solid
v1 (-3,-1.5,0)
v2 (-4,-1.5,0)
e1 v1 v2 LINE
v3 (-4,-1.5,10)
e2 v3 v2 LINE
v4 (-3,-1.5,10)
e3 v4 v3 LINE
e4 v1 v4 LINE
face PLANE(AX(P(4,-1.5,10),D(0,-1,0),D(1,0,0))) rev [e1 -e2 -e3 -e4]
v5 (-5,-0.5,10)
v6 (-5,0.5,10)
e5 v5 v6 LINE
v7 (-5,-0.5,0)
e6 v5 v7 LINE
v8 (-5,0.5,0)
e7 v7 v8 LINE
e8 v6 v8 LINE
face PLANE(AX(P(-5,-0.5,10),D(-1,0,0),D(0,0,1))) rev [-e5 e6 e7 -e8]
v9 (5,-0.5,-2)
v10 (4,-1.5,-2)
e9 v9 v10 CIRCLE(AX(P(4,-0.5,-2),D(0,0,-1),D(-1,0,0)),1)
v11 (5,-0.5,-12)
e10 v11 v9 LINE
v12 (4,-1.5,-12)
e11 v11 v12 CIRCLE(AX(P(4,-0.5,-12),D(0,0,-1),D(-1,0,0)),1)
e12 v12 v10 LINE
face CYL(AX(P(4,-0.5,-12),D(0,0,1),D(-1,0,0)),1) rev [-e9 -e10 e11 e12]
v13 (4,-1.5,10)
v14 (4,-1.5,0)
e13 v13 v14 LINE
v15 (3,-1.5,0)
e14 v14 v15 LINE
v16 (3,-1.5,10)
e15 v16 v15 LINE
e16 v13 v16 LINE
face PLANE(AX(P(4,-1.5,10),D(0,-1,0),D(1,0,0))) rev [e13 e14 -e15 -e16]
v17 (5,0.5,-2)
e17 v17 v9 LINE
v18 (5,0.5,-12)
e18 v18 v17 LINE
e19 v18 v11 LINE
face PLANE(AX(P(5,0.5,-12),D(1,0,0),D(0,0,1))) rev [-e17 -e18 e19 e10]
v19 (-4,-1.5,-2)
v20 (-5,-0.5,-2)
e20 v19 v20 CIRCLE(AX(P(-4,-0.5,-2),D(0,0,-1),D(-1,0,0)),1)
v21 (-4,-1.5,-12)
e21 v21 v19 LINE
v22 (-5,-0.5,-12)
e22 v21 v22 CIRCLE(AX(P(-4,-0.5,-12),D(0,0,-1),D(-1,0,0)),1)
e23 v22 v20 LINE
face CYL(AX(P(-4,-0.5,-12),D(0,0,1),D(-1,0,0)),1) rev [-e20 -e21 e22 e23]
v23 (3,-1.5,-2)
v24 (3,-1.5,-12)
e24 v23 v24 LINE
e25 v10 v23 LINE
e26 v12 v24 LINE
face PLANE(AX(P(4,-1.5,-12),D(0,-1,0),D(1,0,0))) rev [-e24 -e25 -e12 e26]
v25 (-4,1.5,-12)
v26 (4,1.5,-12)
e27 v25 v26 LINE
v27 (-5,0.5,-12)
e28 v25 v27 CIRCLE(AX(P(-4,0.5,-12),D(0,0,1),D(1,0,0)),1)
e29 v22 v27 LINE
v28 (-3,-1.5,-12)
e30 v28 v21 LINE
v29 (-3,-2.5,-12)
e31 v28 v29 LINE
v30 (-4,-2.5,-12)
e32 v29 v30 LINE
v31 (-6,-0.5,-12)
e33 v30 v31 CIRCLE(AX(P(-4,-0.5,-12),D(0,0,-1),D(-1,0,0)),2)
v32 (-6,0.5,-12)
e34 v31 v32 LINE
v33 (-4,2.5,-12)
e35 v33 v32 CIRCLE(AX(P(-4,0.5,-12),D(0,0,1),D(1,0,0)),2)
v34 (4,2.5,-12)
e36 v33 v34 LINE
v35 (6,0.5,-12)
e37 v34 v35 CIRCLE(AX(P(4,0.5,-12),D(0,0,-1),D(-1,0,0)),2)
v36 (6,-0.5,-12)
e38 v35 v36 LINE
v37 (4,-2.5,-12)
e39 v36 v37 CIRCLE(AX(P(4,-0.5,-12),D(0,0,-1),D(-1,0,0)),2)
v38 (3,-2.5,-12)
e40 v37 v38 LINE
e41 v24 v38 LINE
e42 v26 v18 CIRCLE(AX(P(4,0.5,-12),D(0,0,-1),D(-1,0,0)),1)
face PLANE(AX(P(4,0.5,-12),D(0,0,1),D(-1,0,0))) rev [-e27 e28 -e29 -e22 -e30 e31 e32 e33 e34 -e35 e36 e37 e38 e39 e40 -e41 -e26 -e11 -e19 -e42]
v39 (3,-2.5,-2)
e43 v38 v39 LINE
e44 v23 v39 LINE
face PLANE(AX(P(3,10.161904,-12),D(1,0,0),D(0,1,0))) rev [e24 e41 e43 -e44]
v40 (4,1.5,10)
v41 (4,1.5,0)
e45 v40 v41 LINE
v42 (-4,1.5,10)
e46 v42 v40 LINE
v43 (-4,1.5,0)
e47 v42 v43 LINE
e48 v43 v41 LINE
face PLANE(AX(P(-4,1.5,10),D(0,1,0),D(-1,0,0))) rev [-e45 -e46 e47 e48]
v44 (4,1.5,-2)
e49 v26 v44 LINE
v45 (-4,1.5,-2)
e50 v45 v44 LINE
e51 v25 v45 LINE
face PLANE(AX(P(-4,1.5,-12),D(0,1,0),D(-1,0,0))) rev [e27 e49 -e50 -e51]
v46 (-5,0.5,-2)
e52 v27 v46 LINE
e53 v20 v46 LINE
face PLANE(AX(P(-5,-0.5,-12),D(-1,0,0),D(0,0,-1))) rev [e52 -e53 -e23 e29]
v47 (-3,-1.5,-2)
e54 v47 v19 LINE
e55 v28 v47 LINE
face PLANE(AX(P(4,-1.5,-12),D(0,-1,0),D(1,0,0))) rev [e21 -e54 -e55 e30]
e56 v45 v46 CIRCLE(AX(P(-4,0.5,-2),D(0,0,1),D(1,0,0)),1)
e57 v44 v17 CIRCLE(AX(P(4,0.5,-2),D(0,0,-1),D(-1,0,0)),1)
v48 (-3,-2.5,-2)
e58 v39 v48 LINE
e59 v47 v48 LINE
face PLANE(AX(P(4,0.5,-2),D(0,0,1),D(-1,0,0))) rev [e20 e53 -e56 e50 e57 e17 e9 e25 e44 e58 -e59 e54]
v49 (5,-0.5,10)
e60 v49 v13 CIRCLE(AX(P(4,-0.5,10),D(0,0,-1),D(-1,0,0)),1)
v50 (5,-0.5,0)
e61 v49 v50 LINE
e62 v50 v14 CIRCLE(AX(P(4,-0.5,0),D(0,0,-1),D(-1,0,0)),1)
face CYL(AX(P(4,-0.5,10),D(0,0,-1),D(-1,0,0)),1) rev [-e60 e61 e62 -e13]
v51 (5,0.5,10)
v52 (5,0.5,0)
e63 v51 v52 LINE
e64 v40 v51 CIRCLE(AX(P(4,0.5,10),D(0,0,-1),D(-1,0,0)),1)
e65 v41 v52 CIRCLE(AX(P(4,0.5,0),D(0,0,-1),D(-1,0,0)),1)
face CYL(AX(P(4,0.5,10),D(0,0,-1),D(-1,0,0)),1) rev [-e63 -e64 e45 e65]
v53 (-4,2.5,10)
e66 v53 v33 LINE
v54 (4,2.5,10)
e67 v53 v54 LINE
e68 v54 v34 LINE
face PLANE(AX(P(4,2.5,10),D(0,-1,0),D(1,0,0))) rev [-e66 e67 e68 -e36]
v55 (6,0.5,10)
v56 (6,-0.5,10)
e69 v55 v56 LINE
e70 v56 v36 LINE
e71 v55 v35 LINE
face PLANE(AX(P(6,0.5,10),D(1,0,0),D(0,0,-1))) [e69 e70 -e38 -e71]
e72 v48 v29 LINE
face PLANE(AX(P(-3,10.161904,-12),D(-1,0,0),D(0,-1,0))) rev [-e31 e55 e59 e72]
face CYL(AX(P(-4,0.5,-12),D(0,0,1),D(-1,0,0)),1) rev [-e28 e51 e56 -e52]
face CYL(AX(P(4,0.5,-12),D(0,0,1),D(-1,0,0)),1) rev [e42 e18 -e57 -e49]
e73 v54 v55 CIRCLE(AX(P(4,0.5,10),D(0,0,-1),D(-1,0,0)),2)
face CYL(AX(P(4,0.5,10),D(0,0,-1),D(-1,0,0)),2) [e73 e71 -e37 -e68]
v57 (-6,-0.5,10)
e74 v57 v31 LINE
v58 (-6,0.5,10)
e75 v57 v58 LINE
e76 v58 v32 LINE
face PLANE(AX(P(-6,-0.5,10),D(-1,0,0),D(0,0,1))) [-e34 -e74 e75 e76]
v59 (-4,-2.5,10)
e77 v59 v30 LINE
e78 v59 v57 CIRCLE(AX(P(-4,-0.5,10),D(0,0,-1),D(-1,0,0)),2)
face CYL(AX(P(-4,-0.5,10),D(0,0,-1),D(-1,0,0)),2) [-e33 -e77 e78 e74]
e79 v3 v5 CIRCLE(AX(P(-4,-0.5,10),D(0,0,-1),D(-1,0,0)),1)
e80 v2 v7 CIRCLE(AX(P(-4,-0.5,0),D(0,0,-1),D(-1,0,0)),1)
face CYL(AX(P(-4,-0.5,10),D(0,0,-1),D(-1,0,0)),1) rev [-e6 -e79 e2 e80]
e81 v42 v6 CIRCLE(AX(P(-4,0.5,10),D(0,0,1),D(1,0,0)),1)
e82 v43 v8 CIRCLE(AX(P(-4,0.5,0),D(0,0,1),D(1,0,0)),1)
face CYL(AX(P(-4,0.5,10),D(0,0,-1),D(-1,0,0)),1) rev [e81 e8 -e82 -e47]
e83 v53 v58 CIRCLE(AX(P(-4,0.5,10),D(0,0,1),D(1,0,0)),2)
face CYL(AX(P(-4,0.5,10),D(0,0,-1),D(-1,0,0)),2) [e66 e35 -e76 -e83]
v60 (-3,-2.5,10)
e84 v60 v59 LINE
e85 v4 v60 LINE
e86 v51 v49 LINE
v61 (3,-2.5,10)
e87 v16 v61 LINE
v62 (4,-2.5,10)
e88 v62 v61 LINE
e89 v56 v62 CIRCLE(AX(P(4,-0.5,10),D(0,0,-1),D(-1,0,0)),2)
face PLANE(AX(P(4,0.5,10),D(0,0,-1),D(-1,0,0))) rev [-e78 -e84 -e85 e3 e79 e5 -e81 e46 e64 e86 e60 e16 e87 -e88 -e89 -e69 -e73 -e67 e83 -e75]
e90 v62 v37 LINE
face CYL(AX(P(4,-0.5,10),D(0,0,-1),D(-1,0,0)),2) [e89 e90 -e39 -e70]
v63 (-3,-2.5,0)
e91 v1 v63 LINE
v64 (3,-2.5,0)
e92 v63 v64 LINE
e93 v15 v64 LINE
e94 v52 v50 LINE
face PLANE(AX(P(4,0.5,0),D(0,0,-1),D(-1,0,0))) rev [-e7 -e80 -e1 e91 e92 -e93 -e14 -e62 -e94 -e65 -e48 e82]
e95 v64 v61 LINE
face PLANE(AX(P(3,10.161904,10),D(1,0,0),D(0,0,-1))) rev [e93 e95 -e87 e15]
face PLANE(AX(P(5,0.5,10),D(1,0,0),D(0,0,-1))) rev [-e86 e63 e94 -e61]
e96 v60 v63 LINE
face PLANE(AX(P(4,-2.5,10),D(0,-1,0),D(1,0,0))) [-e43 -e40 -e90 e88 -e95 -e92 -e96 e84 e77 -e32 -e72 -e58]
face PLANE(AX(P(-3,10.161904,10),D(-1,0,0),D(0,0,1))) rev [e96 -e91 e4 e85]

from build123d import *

# Parameters (mm, degrees)
BOSS_EXTRU_2_DEPTH      = 10
BOSS_EXTRU_4_DEPTH      = 1
ESQUISSE5_W             = 6
ESQUISSE5_H             = 10
ENL_V_MAT_EXTRU_1_DEPTH = 1


with BuildPart() as part:
    # Esquisse1 → Boss.-Extru.2 (new body)
    with BuildSketch(Plane.XY):
        with BuildLine():
            Line((6, -0.5), (6, 0.5))
            ThreePointArc((6, 0.5), (5.414213562, 1.914213562), (4, 2.5))
            Line((4, 2.5), (-2.232050808, 2.5))
            Line((-2.232050808, 2.5), (-4, 2.5))
            ThreePointArc((-4, 2.5), (-5.414213562, 1.914213562), (-6, 0.5))
            Line((-6, 0.5), (-6, -0.5))
            ThreePointArc((-6, -0.5), (-5.414213562, -1.914213562), (-4, -2.5))
            Line((-4, -2.5), (4, -2.5))
            ThreePointArc((4, -2.5), (5.414213562, -1.914213562), (6, -0.5))
        make_face()
        with BuildLine():
            ThreePointArc((4, 1.5), (4.707106781, 1.207106781), (5, 0.5))
            Line((5, 0.5), (5, -0.5))
            ThreePointArc((5, -0.5), (4.707106781, -1.207106781), (4, -1.5))
            Line((4, -1.5), (-4, -1.5))
            ThreePointArc((-4, -1.5), (-4.707106781, -1.207106781), (-5, -0.5))
            Line((-5, -0.5), (-5, 0.5))
            ThreePointArc((-5, 0.5), (-4.707106781, 1.207106781), (-4, 1.5))
            Line((-4, 1.5), (4, 1.5))
        make_face(mode=Mode.SUBTRACT)
    boss_extru_2 = extrude(amount=BOSS_EXTRU_2_DEPTH)

    # Esquisse7 → Boss.-Extru.4 (add)
    with BuildSketch(Plane(origin=(0, 0, 0), x_dir=(-1, 0, 0), z_dir=(0, 0, -1))):
        with BuildLine():
            Line((-6, 0.5), (-6, -0.5))
            ThreePointArc((-6, -0.5), (-5.414213562, -1.914213562), (-4, -2.5))
            Line((-4, -2.5), (4, -2.5))
            ThreePointArc((4, -2.5), (5.414213562, -1.914213562), (6, -0.5))
            Line((6, -0.5), (6, 0.5))
            ThreePointArc((6, 0.5), (5.414213562, 1.914213562), (4, 2.5))
            Line((4, 2.5), (-4, 2.5))
            ThreePointArc((-4, 2.5), (-5.414213562, 1.914213562), (-6, 0.5))
        make_face()
    boss_extru_4 = extrude(amount=BOSS_EXTRU_4_DEPTH)

    # Symétrie1: Boss.-Extru.2, Boss.-Extru.4 across plane
    add(boss_extru_2.mirror(Plane(origin=(4, 0.5, -1), x_dir=(1, 0, 0), z_dir=(0, 0, -1))))
    add(boss_extru_4.mirror(Plane(origin=(4, 0.5, -1), x_dir=(1, 0, 0), z_dir=(0, 0, -1))))

    # Esquisse5 → Enlèv. mat.-Extru.1 (cut)
    with BuildSketch(Plane.XZ.offset(2.5)):
        with Locations((0, -7)):
            Rectangle(ESQUISSE5_W, ESQUISSE5_H)
        with Locations((0, 5)):
            Rectangle(ESQUISSE5_W, ESQUISSE5_H)
    extrude(amount=-ENL_V_MAT_EXTRU_1_DEPTH, mode=Mode.SUBTRACT)


solid = part.part
